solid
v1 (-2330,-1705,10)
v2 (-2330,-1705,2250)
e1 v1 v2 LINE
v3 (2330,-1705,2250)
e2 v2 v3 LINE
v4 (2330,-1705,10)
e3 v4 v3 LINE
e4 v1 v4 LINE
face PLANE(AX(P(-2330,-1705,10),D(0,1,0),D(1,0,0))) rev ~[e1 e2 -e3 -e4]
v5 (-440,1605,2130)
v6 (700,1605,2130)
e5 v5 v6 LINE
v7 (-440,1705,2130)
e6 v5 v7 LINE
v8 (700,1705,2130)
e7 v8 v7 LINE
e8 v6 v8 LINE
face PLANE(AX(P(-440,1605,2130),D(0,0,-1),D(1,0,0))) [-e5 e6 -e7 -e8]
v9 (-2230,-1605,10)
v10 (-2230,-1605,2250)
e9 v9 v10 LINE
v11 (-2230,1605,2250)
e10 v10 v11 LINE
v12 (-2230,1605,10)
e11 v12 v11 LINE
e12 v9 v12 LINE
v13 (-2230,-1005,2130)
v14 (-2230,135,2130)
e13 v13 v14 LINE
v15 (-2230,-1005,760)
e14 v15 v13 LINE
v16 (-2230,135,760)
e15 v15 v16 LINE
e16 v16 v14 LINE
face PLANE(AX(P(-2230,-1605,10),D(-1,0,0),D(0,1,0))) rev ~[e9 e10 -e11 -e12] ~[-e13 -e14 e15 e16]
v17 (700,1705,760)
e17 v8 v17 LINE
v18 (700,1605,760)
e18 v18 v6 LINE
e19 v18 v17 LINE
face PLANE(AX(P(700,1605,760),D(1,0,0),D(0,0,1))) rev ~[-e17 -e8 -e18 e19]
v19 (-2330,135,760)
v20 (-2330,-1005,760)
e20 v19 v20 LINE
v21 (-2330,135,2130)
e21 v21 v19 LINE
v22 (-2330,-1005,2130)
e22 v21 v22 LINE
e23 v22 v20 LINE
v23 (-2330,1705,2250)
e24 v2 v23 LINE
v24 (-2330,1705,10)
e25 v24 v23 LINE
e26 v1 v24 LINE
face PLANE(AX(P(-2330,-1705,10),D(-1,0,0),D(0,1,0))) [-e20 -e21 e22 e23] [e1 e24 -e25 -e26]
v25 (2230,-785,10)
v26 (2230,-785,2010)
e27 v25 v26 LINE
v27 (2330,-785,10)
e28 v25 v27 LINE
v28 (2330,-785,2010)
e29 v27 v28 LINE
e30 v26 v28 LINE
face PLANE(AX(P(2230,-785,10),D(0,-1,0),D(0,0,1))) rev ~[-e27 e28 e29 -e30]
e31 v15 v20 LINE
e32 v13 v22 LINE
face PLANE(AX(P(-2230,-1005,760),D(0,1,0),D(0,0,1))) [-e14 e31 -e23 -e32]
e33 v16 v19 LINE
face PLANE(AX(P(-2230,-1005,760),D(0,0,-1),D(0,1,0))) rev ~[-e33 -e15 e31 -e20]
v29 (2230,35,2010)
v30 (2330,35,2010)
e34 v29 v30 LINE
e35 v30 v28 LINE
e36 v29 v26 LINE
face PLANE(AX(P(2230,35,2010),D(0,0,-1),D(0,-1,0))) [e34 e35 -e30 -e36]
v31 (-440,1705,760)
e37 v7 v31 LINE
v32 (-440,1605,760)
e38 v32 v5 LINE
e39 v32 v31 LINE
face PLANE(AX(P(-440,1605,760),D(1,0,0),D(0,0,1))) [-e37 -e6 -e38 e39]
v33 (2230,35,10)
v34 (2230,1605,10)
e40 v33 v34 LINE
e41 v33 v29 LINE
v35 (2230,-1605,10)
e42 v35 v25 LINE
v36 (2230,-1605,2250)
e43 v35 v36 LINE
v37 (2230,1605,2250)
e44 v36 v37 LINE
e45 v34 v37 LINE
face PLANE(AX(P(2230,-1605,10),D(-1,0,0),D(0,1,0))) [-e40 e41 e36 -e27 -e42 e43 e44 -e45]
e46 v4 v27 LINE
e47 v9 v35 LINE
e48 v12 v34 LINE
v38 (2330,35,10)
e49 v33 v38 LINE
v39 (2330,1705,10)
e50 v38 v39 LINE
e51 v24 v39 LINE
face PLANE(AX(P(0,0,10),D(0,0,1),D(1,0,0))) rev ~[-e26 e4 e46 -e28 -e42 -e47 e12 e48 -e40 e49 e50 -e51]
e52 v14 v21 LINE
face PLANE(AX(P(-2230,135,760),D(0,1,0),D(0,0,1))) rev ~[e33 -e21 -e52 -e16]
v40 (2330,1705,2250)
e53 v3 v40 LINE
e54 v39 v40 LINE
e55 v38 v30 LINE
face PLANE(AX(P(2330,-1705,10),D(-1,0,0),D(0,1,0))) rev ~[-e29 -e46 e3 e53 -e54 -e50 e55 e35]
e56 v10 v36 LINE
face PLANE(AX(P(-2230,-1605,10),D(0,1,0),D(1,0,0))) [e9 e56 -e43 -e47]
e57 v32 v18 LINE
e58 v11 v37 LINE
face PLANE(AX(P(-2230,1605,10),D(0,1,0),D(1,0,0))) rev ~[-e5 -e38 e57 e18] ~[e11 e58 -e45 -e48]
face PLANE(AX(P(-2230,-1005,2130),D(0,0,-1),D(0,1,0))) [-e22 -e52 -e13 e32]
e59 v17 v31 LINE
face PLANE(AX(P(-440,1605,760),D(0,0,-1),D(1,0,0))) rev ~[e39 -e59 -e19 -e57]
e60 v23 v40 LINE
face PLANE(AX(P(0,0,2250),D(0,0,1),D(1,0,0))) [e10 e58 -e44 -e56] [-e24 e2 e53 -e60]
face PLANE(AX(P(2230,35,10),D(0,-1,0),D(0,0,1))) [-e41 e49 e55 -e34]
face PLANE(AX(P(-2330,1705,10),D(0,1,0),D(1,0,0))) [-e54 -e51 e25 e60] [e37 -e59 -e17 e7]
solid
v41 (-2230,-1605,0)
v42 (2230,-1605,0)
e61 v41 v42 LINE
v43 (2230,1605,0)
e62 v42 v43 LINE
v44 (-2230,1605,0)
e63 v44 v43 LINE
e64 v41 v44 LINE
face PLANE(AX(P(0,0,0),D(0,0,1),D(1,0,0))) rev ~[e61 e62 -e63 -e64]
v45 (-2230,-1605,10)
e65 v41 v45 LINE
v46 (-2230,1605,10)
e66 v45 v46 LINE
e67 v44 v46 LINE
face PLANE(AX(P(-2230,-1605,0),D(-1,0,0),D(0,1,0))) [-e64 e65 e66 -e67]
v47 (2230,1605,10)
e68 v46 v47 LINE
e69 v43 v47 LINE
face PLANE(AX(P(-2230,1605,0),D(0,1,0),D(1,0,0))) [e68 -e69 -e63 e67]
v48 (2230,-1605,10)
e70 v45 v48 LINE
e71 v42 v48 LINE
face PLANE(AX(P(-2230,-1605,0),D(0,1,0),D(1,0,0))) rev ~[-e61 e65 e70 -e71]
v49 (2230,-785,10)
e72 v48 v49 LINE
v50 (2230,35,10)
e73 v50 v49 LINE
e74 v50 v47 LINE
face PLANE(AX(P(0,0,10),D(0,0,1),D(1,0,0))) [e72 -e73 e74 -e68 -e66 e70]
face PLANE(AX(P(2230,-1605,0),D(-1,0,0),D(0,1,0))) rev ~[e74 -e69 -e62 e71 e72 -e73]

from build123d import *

# Parameters (mm, degrees)
F0_W     = 4460
F0_H     = 3210
F1_DEPTH = 10
F2_W     = 4660
F2_H     = 3410
F2_W_2   = 4460
F2_H_2   = 3210
F3_DEPTH = 2240
F4_W     = 1140
F4_H     = 1370
F5_DEPTH = 300
F6_W     = 1140
F6_H     = 1370
F7_DEPTH = 300
F8_W     = 820
F8_H     = 2000
F9_DEPTH = 150


with BuildPart() as f1:
    # F0 (on Top) → F1 (new body)
    with BuildSketch(Plane.XY):
        Rectangle(F0_W, F0_H)
    extrude(amount=F1_DEPTH)

    # F2 (on face) → F3 (join)
    with BuildSketch(Plane.XY.offset(10)):
        Rectangle(F2_W, F2_H)
        Rectangle(F2_W_2, F2_H_2, mode=Mode.SUBTRACT)
    extrude(amount=F3_DEPTH)

    # F4 (on face) → F5 (cut)
    with BuildSketch(Plane.YZ.offset(-2230)):
        with Locations((-435, 1445)):
            Rectangle(F4_W, F4_H)
    extrude(amount=-F5_DEPTH, mode=Mode.SUBTRACT)

    # F6 (on face) → F7 (cut)
    with BuildSketch(Plane.XZ.offset(-1605)):
        with Locations((130, 1445)):
            Rectangle(F6_W, F6_H)
    extrude(amount=-F7_DEPTH, mode=Mode.SUBTRACT)

    # F8 (on face) → F9 (cut)
    with BuildSketch(Plane(origin=(2230, 0, 0), x_dir=(0, -1, 0), z_dir=(-1, 0, 0))):
        with Locations((375, 1010)):
            Rectangle(F8_W, F8_H)
    extrude(amount=-F9_DEPTH, mode=Mode.SUBTRACT)


solid = f1.part
